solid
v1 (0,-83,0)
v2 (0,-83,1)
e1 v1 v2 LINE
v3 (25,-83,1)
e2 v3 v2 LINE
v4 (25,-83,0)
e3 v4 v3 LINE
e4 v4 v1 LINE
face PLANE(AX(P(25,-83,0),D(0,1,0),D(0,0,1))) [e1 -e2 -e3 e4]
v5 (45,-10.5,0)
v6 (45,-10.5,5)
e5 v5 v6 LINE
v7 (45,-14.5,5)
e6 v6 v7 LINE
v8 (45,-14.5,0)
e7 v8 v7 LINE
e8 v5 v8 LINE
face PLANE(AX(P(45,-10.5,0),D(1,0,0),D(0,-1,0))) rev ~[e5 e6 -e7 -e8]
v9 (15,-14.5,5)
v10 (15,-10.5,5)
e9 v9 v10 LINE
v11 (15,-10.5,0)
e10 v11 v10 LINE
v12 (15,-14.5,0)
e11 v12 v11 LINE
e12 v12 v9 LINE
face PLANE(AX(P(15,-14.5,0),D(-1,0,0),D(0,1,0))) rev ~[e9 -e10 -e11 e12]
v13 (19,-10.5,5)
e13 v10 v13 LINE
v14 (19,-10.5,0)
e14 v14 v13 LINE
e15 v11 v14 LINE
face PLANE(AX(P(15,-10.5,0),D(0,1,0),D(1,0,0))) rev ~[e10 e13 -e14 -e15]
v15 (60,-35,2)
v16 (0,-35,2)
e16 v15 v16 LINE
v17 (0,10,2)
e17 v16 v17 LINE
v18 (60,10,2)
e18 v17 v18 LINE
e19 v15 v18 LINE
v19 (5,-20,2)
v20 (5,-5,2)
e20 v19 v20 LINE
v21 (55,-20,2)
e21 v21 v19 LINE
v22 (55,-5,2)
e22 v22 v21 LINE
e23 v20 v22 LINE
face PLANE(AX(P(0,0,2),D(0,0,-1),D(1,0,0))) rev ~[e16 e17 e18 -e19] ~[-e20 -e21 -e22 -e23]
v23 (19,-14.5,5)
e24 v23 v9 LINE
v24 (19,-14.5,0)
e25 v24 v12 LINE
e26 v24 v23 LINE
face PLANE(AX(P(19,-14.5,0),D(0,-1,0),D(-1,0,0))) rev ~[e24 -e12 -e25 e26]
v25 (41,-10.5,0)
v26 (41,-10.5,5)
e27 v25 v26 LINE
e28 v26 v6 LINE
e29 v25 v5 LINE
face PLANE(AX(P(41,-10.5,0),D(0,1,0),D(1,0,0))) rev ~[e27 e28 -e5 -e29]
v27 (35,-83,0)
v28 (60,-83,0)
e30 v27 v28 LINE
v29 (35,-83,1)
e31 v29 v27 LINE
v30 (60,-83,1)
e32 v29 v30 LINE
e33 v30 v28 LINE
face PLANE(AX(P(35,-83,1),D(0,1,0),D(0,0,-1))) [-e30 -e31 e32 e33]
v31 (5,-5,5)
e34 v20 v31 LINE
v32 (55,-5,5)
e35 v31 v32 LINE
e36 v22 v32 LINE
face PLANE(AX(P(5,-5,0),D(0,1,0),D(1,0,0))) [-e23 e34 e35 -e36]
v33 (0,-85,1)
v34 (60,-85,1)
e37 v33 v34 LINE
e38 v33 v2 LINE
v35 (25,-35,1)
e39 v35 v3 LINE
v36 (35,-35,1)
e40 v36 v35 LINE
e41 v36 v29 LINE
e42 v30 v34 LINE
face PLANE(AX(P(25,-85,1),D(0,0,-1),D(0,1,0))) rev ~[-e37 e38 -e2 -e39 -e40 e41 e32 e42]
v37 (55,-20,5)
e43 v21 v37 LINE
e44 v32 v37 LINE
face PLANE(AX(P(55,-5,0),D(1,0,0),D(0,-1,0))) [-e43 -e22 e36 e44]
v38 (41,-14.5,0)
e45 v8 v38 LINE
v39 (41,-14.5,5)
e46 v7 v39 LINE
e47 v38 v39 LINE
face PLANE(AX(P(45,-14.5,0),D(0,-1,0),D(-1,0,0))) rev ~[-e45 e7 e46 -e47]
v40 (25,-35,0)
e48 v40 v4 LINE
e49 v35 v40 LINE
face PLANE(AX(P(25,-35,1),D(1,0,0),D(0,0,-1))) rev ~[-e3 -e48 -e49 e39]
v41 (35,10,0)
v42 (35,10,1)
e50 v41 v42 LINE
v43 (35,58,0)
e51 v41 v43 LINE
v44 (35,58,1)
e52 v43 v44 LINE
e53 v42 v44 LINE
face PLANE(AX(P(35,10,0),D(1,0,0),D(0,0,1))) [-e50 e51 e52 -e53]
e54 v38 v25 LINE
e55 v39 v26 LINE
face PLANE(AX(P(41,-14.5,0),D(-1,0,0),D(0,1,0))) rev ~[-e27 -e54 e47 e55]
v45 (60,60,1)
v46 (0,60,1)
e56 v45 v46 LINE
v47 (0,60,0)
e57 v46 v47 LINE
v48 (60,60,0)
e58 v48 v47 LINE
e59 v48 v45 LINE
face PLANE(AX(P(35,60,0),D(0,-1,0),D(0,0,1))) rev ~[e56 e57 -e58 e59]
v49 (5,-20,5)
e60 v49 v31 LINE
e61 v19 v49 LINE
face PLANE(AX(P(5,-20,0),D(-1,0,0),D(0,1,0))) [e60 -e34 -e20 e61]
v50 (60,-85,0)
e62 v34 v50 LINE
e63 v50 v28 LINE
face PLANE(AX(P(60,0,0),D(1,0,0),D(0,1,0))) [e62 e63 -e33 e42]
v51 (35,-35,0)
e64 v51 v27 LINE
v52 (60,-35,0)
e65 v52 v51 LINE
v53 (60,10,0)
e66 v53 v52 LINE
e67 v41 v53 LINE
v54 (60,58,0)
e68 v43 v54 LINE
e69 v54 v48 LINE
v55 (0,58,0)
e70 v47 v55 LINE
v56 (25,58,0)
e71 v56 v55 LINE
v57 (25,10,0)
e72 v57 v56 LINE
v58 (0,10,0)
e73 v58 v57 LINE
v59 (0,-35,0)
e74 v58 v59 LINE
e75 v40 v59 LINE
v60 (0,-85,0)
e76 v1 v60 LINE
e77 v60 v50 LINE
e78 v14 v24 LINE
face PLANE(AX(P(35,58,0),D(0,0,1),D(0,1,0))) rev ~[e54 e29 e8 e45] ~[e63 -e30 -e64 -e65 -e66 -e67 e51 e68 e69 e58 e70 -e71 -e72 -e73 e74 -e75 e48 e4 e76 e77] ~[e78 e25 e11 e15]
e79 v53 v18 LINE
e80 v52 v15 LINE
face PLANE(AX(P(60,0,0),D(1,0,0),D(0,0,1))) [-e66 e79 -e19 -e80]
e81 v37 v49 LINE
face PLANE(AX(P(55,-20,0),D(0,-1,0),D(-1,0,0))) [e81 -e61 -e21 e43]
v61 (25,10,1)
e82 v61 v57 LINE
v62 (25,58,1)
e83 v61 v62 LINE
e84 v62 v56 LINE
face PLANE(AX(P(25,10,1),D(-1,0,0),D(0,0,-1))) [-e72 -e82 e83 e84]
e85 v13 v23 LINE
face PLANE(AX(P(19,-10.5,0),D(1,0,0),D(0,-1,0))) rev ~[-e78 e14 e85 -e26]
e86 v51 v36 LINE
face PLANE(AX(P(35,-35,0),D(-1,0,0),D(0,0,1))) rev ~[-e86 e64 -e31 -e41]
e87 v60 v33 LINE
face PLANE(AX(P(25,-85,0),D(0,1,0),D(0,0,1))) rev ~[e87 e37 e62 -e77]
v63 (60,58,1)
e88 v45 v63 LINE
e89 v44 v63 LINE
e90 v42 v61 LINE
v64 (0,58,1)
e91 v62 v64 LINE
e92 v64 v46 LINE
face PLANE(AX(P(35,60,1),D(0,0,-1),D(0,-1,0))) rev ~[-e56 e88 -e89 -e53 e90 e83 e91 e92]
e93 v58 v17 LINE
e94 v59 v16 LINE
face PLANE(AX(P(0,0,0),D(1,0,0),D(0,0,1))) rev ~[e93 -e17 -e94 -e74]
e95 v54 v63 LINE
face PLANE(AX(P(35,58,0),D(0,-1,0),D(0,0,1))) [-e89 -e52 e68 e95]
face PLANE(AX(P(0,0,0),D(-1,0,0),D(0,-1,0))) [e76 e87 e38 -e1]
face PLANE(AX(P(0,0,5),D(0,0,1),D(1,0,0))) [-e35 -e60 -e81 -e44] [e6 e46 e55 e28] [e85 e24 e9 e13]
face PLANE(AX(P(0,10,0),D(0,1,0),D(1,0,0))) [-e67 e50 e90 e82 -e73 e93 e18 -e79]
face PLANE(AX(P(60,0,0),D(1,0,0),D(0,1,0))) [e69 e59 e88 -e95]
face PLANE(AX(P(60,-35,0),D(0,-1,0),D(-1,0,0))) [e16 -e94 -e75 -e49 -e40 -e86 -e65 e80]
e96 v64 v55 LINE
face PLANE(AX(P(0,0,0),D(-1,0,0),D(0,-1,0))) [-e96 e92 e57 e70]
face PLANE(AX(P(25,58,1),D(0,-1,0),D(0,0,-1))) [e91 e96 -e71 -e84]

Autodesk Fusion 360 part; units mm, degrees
sketch "Sketch1" plane through (0, 0, 0) normal (0, 0, 1) x (1, 0, 0)
  line L0 (0, 0) -> (60, 0)
  line L1 (60, 0) -> (60, -25)
  line L2 (60, -25) -> (0, -25)
  line L3 (0, -25) -> (0, 0)
  line L4 (5, -5) -> (55, -5)
  line L5 (55, -5) -> (55, -20)
  line L6 (55, -20) -> (5, -20)
  line L7 (5, -20) -> (5, -5)
  line L8 (41, -10.5) -> (45, -10.5)
  line L9 (45, -10.5) -> (45, -14.5)
  line L10 (45, -14.5) -> (41, -14.5)
  line L11 (41, -14.5) -> (41, -10.5)
  line L12 (15, -10.5) -> (19, -10.5)
  line L13 (19, -10.5) -> (19, -14.5)
  line L14 (19, -14.5) -> (15, -14.5)
  line L15 (15, -14.5) -> (15, -10.5)
  dimension "d1" = 60
  dimension "d2" = 25
  dimension "d3" = 50
  dimension "d4" = 15
  dimension "d5" = 5
  dimension "d6" = 5
  dimension "d7" = 4
  dimension "d8" = 10
  dimension "d9" = 5.5
  dimension "d10" = 4
  dimension "d11" = 4
  dimension "d12" = 5.5
  dimension "d13" = 10
  dimension "d14" = 4
extrude "Extrude1" add sketch "Sketch1" along normal blind 2 contours L0 L1 L2 L3
sketch "Sketch2" plane through (0, 0, 0) normal (0, 0, 1) x (1, 0, 0)
  line L0 (15, -10.5) -> (19, -10.5)
  line L1 (19, -10.5) -> (19, -14.5)
  line L2 (19, -14.5) -> (15, -14.5)
  line L3 (15, -14.5) -> (15, -10.5)
  line L4 (41, -10.5) -> (45, -10.5)
  line L5 (45, -10.5) -> (45, -14.5)
  line L6 (45, -14.5) -> (41, -14.5)
  line L7 (41, -14.5) -> (41, -10.5)
  line L8 (55, -5) -> (55, -20)
  line L9 (55, -20) -> (5, -20)
  line L10 (5, -20) -> (5, -5)
  line L11 (5, -5) -> (55, -5)
  dimension "d17" = 4
  dimension "d18" = 10
  dimension "d19" = 5.5
  dimension "d20" = 4
  dimension "d21" = 4
  dimension "d22" = 10
  dimension "d23" = 5.5
  dimension "d24" = 4
extrude "Extrude2" add sketch "Sketch2" along normal blind 5
extrude "Extrude3" add 1 faces at (40, -25, 0.6667) along direction (0, -1, 0) blind 10
extrude "Extrude4" add 1 faces at (20, 0, 0.6667) along direction (0, 1, 0) blind 10
sketch "Sketch3" plane through (0, -35, 0) normal (0, -1, 0) x (1, 0, 0)
  line L0 (0, 0) -> (60, 0)
  line L1 (60, 0) -> (60, 2)
  line L2 (60, 2) -> (0, 2)
  line L3 (0, 2) -> (0, 0)
  line L4 (25, 0) -> (35, 0)
  line L5 (35, 0) -> (35, 1)
  line L6 (35, 1) -> (25, 1)
  line L7 (25, 1) -> (25, 0)
  line L8 (41, 0) -> (41, 5)
  dimension "d31" = 1
  dimension "d32" = 6
  dimension "d33" = 10
extrude "Extrude5" add sketch "Sketch3" along normal blind 50 contours L0 L4 L5 L6 L7
sketch "Sketch4" plane through (0, 10, 0) normal (0, 1, 0) x (-1, 0, 0)
  line L0 (-60, 0) -> (0, 0)
  line L1 (0, 0) -> (0, 2)
  line L2 (0, 2) -> (-60, 2)
  line L3 (-60, 2) -> (-60, 0)
  line L4 (-35, 1) -> (-25, 1)
  line L5 (-25, 1) -> (-25, 0)
  line L6 (-25, 0) -> (-35, 0)
  line L7 (-35, 0) -> (-35, 1)
  line L8 (-19, 0) -> (-19, 5)
  line L9 (-41, 0) -> (-41, 5)
  dimension "d36" = 6
  dimension "d37" = 1
  dimension "d38" = 6
extrude "Extrude6" add sketch "Sketch4" along normal blind 50 contours L0 L4 L5 L6 L7
sketch "Sketch5" plane through (35, 0, 0) normal (1, 0, 0) x (0, 1, 0)
  line L0 (-35, 0) -> (-35, 1)
  line L1 (-35, 1) -> (-85, 1)
  line L2 (-85, 1) -> (-85, 0)
  line L3 (-85, 0) -> (-35, 0)
  line L4 (-85, 1) -> (-83, 1)
  line L5 (-83, 1) -> (-83, 0)
  line L6 (-83, 0) -> (-85, 0)
  line L7 (-85, 0) -> (-85, 1)
  dimension "d41" = 2
extrude "Extrude7" add sketch "Sketch5" along normal blind 25 contours L1 L2 L3 L4 L5 L6 L7
sketch "Sketch6" plane through (25, 0, 0) normal (-1, 0, 0) x (0, -1, 0)
  line L0 (35, 1) -> (35, 0)
  line L1 (35, 0) -> (85, 0)
  line L2 (85, 0) -> (85, 1)
  line L3 (85, 1) -> (35, 1)
  line L4 (85, 0) -> (83, 0)
  line L5 (83, 0) -> (83, 1)
  line L6 (83, 1) -> (85, 1)
  line L7 (85, 1) -> (85, 0)
  dimension "d44" = 2
extrude "Extrude8" add sketch "Sketch6" along normal blind 25 contours L1 L2 L3 L4 L5 L6 L7
sketch "Sketch7" plane through (25, 0, 0) normal (-1, 0, 0) x (0, -1, 0)
  line L0 (-10, 0) -> (-10, 1)
  line L1 (-10, 1) -> (-60, 1)
  line L2 (-60, 1) -> (-60, 0)
  line L3 (-60, 0) -> (-10, 0)
  line L4 (-60, 1) -> (-58, 1)
  line L5 (-58, 1) -> (-58, 0)
  line L6 (-58, 0) -> (-60, 0)
  line L7 (-60, 0) -> (-60, 1)
  dimension "d47" = 2
extrude "Extrude9" add sketch "Sketch7" along normal blind 25 contours L1 L2 L3 L4 L5 L6 L7
sketch "Sketch8" plane through (35, 0, 0) normal (1, 0, 0) x (0, 1, 0)
  line L0 (10, 1) -> (10, 0)
  line L1 (10, 0) -> (60, 0)
  line L2 (60, 0) -> (60, 1)
  line L3 (60, 1) -> (10, 1)
  line L4 (58, 1) -> (60, 1)
  line L5 (60, 1) -> (60, 0)
  line L6 (60, 0) -> (58, 0)
  line L7 (58, 0) -> (58, 1)
  dimension "d50" = 2
extrude "Extrude10" add sketch "Sketch8" along normal blind 25 contours L1 L2 L3 L4 L5 L6 L7
sketch "Sketch9" plane through (0, 0, 5) normal (0, 0, 1) x (-1, 0, 0)
  line L0 (-19, 14.5) -> (-15, 14.5)
  line L1 (-15, 14.5) -> (-15, 10.5)
  line L2 (-15, 10.5) -> (-19, 10.5)
  line L3 (-45, 14.5) -> (-41, 14.5)
  line L4 (-41, 14.5) -> (-41, 10.5)
  line L5 (-41, 10.5) -> (-45, 10.5)
  line L6 (-45, 10.5) -> (-45, 14.5)
  line L7 (-5, 5) -> (-5, 20)
  line L8 (-5, 20) -> (-55, 20)
  line L9 (-55, 20) -> (-55, 5)
  line L10 (-55, 5) -> (-5, 5)
